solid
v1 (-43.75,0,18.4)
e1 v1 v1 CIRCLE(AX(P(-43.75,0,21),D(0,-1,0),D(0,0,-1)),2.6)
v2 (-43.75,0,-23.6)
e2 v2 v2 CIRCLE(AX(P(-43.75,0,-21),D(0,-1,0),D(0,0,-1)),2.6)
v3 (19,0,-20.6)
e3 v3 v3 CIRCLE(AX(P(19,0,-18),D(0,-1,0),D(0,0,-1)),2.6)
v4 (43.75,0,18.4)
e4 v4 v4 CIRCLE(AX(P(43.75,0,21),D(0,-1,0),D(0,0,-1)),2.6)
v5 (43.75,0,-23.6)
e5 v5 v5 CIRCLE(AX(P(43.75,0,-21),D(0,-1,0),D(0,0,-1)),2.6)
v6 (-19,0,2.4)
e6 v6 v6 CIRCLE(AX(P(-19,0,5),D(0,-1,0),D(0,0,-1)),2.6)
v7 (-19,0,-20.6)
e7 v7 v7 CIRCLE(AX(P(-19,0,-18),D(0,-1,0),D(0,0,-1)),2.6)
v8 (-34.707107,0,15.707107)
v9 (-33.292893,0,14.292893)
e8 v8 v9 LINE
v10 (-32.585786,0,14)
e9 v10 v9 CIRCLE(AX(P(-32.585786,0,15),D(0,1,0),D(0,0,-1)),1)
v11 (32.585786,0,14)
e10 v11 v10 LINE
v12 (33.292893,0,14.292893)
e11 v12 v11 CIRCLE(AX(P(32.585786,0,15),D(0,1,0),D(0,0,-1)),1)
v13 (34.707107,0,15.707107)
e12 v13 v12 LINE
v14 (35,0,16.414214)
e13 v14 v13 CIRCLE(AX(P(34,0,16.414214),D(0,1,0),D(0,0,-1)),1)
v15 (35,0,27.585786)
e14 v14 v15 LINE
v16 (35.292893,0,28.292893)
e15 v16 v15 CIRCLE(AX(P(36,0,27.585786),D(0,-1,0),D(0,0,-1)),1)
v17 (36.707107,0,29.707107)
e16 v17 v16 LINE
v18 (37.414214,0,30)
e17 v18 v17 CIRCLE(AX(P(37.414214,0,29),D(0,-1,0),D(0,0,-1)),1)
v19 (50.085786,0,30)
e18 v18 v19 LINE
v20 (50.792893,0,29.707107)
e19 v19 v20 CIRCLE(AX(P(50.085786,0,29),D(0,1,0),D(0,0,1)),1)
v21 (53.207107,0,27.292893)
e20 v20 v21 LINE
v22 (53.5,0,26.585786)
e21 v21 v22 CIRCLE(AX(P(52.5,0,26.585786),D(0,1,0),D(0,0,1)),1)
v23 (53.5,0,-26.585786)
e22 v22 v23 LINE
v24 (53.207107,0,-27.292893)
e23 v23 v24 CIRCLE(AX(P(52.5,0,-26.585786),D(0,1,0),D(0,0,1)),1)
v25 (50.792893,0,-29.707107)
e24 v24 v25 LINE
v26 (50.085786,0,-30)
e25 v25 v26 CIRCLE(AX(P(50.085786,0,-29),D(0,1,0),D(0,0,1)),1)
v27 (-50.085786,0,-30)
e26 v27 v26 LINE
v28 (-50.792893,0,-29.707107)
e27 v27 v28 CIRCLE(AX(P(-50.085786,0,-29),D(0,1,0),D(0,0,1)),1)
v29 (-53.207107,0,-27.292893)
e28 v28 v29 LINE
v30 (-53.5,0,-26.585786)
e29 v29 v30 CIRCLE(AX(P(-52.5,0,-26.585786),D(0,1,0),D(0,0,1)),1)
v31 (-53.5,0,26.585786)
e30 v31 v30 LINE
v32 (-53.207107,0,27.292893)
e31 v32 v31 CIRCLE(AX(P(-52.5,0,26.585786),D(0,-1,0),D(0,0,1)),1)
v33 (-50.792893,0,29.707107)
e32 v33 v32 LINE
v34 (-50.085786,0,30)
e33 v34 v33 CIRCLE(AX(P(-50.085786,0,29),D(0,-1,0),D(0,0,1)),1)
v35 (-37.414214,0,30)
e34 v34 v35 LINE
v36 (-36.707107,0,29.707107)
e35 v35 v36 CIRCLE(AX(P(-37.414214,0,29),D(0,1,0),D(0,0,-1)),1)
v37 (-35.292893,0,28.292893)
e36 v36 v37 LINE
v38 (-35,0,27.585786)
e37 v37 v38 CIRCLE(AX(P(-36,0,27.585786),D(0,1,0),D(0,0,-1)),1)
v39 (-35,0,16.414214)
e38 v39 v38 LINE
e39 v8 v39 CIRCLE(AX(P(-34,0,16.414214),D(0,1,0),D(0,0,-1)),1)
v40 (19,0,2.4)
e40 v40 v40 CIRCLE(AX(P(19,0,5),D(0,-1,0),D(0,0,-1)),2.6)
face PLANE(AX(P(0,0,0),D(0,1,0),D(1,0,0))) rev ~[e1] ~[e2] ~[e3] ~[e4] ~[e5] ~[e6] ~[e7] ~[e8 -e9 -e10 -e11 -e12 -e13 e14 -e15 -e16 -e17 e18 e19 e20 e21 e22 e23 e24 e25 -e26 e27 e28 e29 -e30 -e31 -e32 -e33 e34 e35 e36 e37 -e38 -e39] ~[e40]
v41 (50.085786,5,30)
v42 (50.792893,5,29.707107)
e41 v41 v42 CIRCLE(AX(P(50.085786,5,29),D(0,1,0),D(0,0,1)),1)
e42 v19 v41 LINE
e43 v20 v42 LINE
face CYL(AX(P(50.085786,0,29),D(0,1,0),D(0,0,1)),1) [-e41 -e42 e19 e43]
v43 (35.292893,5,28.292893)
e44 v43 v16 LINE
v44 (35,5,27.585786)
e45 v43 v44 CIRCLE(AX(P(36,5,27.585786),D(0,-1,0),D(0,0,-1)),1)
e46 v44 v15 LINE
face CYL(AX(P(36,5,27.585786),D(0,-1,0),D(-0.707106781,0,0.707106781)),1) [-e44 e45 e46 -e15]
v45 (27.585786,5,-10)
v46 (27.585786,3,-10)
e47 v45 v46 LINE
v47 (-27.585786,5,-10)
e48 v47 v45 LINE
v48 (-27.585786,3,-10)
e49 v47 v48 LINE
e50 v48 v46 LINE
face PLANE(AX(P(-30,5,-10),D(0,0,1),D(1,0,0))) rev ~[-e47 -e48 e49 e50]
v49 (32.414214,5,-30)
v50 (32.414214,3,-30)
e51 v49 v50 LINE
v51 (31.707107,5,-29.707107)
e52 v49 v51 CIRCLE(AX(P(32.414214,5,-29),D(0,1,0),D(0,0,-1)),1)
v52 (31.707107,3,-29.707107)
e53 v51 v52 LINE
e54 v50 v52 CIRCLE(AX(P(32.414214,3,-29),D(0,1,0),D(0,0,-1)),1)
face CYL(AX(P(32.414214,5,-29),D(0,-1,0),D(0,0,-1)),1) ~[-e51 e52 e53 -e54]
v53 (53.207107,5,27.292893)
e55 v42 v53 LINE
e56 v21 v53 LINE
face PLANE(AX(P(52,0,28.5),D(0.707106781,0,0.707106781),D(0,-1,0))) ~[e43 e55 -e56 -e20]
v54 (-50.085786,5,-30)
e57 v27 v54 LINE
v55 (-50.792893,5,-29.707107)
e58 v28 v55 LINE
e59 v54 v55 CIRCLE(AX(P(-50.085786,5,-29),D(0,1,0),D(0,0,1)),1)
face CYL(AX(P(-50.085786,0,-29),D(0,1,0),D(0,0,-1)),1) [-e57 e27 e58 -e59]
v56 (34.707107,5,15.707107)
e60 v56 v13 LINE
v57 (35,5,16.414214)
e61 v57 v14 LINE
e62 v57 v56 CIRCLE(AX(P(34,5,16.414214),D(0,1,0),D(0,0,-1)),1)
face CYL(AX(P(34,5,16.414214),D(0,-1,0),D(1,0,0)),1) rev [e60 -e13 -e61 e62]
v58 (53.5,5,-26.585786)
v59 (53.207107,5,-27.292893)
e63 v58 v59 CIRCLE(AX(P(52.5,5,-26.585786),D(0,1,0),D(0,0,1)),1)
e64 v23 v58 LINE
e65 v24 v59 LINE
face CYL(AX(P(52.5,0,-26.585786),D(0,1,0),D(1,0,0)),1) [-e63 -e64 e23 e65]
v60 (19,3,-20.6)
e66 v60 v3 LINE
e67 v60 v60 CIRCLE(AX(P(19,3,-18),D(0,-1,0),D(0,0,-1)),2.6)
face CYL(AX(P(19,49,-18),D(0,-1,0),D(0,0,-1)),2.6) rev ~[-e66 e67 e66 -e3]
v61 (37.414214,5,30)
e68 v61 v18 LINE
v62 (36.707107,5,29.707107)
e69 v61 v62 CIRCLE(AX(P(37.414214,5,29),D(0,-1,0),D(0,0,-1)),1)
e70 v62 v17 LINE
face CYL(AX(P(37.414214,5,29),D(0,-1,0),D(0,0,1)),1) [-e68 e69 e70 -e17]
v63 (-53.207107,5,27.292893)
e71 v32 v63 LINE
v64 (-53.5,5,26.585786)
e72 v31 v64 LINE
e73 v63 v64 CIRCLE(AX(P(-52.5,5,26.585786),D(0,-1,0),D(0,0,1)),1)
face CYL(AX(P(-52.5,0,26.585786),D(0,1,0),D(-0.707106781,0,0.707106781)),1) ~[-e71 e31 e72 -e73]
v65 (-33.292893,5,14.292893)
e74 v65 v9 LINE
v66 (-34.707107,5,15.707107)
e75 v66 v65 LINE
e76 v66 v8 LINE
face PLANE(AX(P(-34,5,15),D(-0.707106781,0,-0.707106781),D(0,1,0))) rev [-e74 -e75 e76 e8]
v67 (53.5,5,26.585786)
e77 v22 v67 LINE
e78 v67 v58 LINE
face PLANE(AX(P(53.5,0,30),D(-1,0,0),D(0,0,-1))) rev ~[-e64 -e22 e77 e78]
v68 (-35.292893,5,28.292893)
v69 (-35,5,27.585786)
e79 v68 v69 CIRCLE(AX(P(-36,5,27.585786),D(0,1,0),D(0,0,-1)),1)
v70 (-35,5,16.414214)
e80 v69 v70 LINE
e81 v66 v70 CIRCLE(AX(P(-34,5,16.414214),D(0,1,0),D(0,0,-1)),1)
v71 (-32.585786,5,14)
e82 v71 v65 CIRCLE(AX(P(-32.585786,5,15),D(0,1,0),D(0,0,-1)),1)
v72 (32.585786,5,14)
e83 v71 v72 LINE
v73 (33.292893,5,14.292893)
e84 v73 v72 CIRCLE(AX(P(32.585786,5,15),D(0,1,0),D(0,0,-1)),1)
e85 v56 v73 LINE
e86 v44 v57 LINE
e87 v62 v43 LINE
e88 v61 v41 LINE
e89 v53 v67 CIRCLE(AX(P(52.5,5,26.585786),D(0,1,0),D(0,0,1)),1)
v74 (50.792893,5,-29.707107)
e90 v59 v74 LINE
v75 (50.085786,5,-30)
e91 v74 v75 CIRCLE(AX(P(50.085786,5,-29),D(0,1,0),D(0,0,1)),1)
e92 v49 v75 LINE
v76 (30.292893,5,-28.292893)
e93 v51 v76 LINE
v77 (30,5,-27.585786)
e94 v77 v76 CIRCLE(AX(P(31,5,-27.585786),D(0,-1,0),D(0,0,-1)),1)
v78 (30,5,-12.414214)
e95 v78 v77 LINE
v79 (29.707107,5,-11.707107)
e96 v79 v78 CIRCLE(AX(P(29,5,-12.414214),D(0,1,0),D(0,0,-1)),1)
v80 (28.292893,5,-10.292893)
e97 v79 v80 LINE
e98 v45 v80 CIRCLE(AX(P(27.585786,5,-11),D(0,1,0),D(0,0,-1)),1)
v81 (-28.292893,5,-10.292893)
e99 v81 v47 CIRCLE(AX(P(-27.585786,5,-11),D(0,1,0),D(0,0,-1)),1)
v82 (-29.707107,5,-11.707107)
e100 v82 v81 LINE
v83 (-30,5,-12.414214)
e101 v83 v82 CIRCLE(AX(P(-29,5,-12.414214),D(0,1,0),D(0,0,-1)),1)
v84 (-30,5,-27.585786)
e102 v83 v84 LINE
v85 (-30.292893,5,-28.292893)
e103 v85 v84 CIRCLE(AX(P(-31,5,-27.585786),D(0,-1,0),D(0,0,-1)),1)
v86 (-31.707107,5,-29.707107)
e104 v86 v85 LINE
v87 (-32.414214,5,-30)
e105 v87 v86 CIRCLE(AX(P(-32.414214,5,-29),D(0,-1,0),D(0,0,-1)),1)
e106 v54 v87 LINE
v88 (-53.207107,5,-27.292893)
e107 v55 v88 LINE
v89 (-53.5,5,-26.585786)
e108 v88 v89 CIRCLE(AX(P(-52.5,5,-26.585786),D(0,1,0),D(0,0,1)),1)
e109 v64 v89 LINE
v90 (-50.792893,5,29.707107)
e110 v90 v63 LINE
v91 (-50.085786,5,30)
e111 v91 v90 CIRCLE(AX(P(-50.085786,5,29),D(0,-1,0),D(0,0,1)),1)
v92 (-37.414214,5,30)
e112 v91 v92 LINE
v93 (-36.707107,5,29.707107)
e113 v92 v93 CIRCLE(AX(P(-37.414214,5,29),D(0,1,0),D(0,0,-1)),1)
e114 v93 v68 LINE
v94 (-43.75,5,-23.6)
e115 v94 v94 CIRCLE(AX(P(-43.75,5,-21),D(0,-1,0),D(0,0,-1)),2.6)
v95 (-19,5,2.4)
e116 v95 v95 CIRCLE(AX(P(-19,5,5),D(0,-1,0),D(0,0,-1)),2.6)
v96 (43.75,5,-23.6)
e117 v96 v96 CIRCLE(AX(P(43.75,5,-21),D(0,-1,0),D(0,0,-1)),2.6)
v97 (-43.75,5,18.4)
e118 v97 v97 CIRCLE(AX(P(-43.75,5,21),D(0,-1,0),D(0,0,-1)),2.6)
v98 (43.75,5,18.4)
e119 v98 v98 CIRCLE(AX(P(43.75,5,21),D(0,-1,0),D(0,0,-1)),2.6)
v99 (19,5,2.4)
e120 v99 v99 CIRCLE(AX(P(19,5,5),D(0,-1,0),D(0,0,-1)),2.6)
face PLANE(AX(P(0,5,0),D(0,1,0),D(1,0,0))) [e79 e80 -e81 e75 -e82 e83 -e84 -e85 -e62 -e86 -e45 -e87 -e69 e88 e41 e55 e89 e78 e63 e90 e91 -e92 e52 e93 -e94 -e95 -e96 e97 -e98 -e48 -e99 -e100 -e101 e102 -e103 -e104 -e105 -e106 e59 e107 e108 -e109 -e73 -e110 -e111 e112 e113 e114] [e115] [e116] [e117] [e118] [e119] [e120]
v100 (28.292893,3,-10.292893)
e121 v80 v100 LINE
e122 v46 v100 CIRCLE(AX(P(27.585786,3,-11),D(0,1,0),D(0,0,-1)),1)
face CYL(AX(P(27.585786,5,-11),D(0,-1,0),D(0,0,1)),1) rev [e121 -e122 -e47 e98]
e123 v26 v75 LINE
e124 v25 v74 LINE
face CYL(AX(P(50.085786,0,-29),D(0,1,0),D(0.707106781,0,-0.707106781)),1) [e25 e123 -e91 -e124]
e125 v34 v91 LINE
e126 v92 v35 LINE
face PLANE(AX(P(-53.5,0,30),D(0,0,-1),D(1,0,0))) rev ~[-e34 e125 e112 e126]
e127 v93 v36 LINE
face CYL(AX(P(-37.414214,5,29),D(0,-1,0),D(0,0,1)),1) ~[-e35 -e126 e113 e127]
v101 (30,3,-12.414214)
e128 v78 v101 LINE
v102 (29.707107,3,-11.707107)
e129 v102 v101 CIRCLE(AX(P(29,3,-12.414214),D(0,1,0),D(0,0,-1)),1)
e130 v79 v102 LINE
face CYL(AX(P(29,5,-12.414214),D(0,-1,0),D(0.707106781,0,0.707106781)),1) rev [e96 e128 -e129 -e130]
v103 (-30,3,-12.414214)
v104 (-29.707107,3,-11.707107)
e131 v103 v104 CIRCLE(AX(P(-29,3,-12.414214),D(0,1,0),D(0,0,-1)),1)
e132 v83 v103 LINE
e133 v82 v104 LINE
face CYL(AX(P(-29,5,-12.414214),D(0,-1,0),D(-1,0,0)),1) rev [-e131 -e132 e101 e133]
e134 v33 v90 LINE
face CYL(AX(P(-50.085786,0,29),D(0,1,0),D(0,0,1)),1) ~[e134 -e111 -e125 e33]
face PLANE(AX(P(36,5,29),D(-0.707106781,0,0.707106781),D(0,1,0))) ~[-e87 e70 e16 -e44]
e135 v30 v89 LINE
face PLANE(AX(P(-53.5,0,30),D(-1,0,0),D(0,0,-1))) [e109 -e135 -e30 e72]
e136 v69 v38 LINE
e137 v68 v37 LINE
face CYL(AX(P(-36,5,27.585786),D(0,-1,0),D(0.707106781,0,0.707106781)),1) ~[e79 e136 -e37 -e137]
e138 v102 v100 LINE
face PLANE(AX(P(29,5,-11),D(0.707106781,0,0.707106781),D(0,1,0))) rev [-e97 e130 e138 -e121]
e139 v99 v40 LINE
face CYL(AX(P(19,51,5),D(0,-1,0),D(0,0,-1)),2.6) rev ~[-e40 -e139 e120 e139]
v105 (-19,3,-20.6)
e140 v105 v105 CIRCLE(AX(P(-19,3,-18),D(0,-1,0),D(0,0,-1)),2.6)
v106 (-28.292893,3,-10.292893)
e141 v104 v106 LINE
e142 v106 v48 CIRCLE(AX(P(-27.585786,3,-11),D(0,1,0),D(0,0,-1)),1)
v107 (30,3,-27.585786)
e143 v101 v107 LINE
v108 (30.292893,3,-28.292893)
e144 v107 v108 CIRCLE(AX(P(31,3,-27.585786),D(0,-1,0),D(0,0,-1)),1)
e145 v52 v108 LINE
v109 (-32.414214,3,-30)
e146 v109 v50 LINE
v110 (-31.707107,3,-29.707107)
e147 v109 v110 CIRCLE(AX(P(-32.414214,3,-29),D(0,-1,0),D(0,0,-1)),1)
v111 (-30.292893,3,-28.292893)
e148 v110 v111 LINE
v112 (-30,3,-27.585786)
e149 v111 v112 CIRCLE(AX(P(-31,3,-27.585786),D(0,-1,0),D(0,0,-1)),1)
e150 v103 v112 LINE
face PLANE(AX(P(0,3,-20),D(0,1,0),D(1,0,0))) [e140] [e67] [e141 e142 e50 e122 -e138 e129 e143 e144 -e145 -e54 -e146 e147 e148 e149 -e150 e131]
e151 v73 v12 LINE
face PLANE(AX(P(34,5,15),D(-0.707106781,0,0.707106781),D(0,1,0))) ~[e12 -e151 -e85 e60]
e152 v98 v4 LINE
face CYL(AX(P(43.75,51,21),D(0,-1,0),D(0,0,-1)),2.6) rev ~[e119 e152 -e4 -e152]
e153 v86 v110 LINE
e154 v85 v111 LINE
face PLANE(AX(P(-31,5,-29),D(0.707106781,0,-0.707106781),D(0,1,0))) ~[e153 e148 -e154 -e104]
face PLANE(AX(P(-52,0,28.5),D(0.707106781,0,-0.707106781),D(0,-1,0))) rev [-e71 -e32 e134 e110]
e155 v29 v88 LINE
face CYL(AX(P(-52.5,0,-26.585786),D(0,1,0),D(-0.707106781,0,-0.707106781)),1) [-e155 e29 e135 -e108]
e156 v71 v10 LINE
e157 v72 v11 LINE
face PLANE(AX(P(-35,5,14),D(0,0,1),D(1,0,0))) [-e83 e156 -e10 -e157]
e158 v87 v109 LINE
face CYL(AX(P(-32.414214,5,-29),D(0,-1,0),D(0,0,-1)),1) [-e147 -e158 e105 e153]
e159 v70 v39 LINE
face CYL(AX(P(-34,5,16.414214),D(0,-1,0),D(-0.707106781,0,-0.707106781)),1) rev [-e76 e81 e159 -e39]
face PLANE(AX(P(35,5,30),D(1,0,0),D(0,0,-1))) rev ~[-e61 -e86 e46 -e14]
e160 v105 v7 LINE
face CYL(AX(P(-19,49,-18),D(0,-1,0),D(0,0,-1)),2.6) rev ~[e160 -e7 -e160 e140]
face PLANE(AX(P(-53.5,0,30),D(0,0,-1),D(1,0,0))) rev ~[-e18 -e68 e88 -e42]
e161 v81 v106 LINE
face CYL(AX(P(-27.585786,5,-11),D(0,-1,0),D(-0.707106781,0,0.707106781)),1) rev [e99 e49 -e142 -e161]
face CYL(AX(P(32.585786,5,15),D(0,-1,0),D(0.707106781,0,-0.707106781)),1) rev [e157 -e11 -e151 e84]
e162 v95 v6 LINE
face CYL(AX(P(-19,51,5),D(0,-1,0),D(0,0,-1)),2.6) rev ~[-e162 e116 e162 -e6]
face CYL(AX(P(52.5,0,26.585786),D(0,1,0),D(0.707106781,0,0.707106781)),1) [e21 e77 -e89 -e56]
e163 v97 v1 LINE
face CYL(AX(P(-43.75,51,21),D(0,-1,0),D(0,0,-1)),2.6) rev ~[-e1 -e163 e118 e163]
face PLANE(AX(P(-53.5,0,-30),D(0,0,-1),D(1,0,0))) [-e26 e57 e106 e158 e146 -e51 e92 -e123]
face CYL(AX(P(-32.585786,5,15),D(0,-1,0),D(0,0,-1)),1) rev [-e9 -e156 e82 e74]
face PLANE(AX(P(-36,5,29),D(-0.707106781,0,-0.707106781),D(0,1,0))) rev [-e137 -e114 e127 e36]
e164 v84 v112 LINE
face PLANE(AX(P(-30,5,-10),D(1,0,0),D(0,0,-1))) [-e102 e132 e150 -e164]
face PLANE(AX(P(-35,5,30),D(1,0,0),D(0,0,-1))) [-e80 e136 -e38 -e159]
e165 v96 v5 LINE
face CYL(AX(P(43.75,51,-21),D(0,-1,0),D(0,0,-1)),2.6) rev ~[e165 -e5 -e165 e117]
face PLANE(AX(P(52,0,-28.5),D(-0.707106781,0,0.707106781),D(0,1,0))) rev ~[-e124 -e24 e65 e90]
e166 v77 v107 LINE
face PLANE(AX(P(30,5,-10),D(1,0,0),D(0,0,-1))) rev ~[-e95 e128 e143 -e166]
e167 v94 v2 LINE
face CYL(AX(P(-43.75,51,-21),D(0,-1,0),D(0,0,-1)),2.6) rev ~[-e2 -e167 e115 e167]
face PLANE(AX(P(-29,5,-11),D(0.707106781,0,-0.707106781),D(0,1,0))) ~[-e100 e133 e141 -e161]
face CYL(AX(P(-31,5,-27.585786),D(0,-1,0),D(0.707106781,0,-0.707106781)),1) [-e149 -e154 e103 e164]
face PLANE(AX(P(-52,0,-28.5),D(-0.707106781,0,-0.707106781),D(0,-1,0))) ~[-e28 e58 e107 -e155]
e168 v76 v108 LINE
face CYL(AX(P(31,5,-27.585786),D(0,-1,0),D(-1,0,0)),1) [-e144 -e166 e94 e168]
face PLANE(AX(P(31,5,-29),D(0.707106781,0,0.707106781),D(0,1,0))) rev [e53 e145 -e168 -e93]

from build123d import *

# Parameters (mm, degrees)
SKETCH1_W                   = 107
SKETCH1_H                   = 60
BOSS_EXTRUDE1_DEPTH         = 5
SKETCH2_W                   = 60
SKETCH2_H                   = 20
CUT_EXTRUDE1_DEPTH          = 2
CUT_EXTRUDE2_REACH          = 7
SKETCH3_W                   = 70
SKETCH3_H                   = 16
CHAMFER1_SIZE               = 2
CHAMFER2_SIZE               = 3
FILLET1_R                   = 1
TAP_DRILL_FOR_M5_TAP1_D     = 5.2
TAP_DRILL_FOR_M5_TAP1_DEPTH = 46
TAP_DRILL_FOR_M5_TAP1_TIP   = 1.562237609
TAP_DRILL_FOR_M5_TAP2_D     = 5.2
TAP_DRILL_FOR_M5_TAP2_DEPTH = 46
TAP_DRILL_FOR_M5_TAP2_TIP   = 1.562237609


with BuildPart() as part:
    # Sketch1 → Boss-Extrude1 (new body)
    with BuildSketch(Plane(origin=(0, 0, 0), x_dir=(1, 0, 0), z_dir=(0, 1, 0))):
        Rectangle(SKETCH1_W, SKETCH1_H)
    extrude(amount=BOSS_EXTRUDE1_DEPTH)

    # Sketch2 → Cut-Extrude1 (cut)
    with BuildSketch(Plane(origin=(0, 5, 0), x_dir=(1, 0, 0), z_dir=(0, 1, 0))):
        with Locations((0, 20)):
            Rectangle(SKETCH2_W, SKETCH2_H)
    extrude(amount=-CUT_EXTRUDE1_DEPTH, mode=Mode.SUBTRACT)

    # Sketch3 → Cut-Extrude2 (cut, up to next)
    with BuildSketch(Plane(origin=(0, 5, 0), x_dir=(1, 0, 0), z_dir=(0, 1, 0)), mode=Mode.PRIVATE) as cut_extrude2_sk1:
        with Locations((0, -22)):
            Rectangle(SKETCH3_W, SKETCH3_H)
    cut_extrude2_tool1 = extrude(cut_extrude2_sk1.sketch, amount=-CUT_EXTRUDE2_REACH, mode=Mode.PRIVATE) & part.part
    add(cut_extrude2_tool1.solids().sort_by_distance((0, 5, 22))[0], mode=Mode.SUBTRACT)

    # Chamfer1
    chamfer1_edges = [part.edges().sort_by_distance(p)[0] for p in [
        (-30, 4, -10),
        (-30, 4, -30),
        (30, 4, -30),
        (30, 4, -10),
        (35, 2.5, 14),
        (35, 2.5, 30),
        (-35, 2.5, 30),
        (-35, 2.5, 14),
    ]]
    chamfer(chamfer1_edges, length=CHAMFER1_SIZE)

    # Chamfer2
    chamfer2_edges = [part.edges().sort_by_distance(p)[0] for p in [
        (53.5, 2.5, 30),
        (-53.5, 2.5, 30),
        (-53.5, 2.5, -30),
        (53.5, 2.5, -30),
    ]]
    chamfer(chamfer2_edges, length=CHAMFER2_SIZE)

    # Fillet1
    fillet1_edges = [part.edges().sort_by_distance(p)[0] for p in [
        (53.5, 2.5, -27),
        (53.5, 2.5, 27),
        (50.5, 2.5, 30),
        (-50.5, 2.5, -30),
        (50.5, 2.5, -30),
        (-53.5, 2.5, 27),
        (-53.5, 2.5, -27),
        (-50.5, 2.5, 30),
        (-32, 4, -30),
        (32, 4, -30),
        (30, 4, -12),
        (30, 4, -28),
        (-28, 4, -10),
        (28, 4, -10),
        (-30, 4, -28),
        (-30, 4, -12),
        (35, 2.5, 16),
        (35, 2.5, 28),
        (37, 2.5, 30),
        (-33, 2.5, 14),
        (33, 2.5, 14),
        (-35, 2.5, 28),
        (-35, 2.5, 16),
        (-37, 2.5, 30),
    ]]
    fillet(fillet1_edges, radius=FILLET1_R)

    # Tap Drill for M5 Tap1
    with Locations(Plane(origin=(-43.75, 5, -21), x_dir=(0, 0, 1), z_dir=(0, 1, 0))):
        with Locations((0, 0), (42, 0), (26, 24.75), (26, 62.75), (0, 87.5), (42, 87.5)):
            Hole(TAP_DRILL_FOR_M5_TAP1_D / 2, depth=TAP_DRILL_FOR_M5_TAP1_DEPTH)
            with Locations((0, 0, -(TAP_DRILL_FOR_M5_TAP1_DEPTH + TAP_DRILL_FOR_M5_TAP1_TIP / 2))):  # 118° drill point
                Cone(0, TAP_DRILL_FOR_M5_TAP1_D / 2, TAP_DRILL_FOR_M5_TAP1_TIP, mode=Mode.SUBTRACT)

    # Tap Drill for M5 Tap2
    with Locations(Plane(origin=(-19, 3, -18), x_dir=(0, 0, 1), z_dir=(0, 1, 0))):
        with Locations((0, 0), (0, 38)):
            Hole(TAP_DRILL_FOR_M5_TAP2_D / 2, depth=TAP_DRILL_FOR_M5_TAP2_DEPTH)
            with Locations((0, 0, -(TAP_DRILL_FOR_M5_TAP2_DEPTH + TAP_DRILL_FOR_M5_TAP2_TIP / 2))):  # 118° drill point
                Cone(0, TAP_DRILL_FOR_M5_TAP2_D / 2, TAP_DRILL_FOR_M5_TAP2_TIP, mode=Mode.SUBTRACT)


solid = part.part
